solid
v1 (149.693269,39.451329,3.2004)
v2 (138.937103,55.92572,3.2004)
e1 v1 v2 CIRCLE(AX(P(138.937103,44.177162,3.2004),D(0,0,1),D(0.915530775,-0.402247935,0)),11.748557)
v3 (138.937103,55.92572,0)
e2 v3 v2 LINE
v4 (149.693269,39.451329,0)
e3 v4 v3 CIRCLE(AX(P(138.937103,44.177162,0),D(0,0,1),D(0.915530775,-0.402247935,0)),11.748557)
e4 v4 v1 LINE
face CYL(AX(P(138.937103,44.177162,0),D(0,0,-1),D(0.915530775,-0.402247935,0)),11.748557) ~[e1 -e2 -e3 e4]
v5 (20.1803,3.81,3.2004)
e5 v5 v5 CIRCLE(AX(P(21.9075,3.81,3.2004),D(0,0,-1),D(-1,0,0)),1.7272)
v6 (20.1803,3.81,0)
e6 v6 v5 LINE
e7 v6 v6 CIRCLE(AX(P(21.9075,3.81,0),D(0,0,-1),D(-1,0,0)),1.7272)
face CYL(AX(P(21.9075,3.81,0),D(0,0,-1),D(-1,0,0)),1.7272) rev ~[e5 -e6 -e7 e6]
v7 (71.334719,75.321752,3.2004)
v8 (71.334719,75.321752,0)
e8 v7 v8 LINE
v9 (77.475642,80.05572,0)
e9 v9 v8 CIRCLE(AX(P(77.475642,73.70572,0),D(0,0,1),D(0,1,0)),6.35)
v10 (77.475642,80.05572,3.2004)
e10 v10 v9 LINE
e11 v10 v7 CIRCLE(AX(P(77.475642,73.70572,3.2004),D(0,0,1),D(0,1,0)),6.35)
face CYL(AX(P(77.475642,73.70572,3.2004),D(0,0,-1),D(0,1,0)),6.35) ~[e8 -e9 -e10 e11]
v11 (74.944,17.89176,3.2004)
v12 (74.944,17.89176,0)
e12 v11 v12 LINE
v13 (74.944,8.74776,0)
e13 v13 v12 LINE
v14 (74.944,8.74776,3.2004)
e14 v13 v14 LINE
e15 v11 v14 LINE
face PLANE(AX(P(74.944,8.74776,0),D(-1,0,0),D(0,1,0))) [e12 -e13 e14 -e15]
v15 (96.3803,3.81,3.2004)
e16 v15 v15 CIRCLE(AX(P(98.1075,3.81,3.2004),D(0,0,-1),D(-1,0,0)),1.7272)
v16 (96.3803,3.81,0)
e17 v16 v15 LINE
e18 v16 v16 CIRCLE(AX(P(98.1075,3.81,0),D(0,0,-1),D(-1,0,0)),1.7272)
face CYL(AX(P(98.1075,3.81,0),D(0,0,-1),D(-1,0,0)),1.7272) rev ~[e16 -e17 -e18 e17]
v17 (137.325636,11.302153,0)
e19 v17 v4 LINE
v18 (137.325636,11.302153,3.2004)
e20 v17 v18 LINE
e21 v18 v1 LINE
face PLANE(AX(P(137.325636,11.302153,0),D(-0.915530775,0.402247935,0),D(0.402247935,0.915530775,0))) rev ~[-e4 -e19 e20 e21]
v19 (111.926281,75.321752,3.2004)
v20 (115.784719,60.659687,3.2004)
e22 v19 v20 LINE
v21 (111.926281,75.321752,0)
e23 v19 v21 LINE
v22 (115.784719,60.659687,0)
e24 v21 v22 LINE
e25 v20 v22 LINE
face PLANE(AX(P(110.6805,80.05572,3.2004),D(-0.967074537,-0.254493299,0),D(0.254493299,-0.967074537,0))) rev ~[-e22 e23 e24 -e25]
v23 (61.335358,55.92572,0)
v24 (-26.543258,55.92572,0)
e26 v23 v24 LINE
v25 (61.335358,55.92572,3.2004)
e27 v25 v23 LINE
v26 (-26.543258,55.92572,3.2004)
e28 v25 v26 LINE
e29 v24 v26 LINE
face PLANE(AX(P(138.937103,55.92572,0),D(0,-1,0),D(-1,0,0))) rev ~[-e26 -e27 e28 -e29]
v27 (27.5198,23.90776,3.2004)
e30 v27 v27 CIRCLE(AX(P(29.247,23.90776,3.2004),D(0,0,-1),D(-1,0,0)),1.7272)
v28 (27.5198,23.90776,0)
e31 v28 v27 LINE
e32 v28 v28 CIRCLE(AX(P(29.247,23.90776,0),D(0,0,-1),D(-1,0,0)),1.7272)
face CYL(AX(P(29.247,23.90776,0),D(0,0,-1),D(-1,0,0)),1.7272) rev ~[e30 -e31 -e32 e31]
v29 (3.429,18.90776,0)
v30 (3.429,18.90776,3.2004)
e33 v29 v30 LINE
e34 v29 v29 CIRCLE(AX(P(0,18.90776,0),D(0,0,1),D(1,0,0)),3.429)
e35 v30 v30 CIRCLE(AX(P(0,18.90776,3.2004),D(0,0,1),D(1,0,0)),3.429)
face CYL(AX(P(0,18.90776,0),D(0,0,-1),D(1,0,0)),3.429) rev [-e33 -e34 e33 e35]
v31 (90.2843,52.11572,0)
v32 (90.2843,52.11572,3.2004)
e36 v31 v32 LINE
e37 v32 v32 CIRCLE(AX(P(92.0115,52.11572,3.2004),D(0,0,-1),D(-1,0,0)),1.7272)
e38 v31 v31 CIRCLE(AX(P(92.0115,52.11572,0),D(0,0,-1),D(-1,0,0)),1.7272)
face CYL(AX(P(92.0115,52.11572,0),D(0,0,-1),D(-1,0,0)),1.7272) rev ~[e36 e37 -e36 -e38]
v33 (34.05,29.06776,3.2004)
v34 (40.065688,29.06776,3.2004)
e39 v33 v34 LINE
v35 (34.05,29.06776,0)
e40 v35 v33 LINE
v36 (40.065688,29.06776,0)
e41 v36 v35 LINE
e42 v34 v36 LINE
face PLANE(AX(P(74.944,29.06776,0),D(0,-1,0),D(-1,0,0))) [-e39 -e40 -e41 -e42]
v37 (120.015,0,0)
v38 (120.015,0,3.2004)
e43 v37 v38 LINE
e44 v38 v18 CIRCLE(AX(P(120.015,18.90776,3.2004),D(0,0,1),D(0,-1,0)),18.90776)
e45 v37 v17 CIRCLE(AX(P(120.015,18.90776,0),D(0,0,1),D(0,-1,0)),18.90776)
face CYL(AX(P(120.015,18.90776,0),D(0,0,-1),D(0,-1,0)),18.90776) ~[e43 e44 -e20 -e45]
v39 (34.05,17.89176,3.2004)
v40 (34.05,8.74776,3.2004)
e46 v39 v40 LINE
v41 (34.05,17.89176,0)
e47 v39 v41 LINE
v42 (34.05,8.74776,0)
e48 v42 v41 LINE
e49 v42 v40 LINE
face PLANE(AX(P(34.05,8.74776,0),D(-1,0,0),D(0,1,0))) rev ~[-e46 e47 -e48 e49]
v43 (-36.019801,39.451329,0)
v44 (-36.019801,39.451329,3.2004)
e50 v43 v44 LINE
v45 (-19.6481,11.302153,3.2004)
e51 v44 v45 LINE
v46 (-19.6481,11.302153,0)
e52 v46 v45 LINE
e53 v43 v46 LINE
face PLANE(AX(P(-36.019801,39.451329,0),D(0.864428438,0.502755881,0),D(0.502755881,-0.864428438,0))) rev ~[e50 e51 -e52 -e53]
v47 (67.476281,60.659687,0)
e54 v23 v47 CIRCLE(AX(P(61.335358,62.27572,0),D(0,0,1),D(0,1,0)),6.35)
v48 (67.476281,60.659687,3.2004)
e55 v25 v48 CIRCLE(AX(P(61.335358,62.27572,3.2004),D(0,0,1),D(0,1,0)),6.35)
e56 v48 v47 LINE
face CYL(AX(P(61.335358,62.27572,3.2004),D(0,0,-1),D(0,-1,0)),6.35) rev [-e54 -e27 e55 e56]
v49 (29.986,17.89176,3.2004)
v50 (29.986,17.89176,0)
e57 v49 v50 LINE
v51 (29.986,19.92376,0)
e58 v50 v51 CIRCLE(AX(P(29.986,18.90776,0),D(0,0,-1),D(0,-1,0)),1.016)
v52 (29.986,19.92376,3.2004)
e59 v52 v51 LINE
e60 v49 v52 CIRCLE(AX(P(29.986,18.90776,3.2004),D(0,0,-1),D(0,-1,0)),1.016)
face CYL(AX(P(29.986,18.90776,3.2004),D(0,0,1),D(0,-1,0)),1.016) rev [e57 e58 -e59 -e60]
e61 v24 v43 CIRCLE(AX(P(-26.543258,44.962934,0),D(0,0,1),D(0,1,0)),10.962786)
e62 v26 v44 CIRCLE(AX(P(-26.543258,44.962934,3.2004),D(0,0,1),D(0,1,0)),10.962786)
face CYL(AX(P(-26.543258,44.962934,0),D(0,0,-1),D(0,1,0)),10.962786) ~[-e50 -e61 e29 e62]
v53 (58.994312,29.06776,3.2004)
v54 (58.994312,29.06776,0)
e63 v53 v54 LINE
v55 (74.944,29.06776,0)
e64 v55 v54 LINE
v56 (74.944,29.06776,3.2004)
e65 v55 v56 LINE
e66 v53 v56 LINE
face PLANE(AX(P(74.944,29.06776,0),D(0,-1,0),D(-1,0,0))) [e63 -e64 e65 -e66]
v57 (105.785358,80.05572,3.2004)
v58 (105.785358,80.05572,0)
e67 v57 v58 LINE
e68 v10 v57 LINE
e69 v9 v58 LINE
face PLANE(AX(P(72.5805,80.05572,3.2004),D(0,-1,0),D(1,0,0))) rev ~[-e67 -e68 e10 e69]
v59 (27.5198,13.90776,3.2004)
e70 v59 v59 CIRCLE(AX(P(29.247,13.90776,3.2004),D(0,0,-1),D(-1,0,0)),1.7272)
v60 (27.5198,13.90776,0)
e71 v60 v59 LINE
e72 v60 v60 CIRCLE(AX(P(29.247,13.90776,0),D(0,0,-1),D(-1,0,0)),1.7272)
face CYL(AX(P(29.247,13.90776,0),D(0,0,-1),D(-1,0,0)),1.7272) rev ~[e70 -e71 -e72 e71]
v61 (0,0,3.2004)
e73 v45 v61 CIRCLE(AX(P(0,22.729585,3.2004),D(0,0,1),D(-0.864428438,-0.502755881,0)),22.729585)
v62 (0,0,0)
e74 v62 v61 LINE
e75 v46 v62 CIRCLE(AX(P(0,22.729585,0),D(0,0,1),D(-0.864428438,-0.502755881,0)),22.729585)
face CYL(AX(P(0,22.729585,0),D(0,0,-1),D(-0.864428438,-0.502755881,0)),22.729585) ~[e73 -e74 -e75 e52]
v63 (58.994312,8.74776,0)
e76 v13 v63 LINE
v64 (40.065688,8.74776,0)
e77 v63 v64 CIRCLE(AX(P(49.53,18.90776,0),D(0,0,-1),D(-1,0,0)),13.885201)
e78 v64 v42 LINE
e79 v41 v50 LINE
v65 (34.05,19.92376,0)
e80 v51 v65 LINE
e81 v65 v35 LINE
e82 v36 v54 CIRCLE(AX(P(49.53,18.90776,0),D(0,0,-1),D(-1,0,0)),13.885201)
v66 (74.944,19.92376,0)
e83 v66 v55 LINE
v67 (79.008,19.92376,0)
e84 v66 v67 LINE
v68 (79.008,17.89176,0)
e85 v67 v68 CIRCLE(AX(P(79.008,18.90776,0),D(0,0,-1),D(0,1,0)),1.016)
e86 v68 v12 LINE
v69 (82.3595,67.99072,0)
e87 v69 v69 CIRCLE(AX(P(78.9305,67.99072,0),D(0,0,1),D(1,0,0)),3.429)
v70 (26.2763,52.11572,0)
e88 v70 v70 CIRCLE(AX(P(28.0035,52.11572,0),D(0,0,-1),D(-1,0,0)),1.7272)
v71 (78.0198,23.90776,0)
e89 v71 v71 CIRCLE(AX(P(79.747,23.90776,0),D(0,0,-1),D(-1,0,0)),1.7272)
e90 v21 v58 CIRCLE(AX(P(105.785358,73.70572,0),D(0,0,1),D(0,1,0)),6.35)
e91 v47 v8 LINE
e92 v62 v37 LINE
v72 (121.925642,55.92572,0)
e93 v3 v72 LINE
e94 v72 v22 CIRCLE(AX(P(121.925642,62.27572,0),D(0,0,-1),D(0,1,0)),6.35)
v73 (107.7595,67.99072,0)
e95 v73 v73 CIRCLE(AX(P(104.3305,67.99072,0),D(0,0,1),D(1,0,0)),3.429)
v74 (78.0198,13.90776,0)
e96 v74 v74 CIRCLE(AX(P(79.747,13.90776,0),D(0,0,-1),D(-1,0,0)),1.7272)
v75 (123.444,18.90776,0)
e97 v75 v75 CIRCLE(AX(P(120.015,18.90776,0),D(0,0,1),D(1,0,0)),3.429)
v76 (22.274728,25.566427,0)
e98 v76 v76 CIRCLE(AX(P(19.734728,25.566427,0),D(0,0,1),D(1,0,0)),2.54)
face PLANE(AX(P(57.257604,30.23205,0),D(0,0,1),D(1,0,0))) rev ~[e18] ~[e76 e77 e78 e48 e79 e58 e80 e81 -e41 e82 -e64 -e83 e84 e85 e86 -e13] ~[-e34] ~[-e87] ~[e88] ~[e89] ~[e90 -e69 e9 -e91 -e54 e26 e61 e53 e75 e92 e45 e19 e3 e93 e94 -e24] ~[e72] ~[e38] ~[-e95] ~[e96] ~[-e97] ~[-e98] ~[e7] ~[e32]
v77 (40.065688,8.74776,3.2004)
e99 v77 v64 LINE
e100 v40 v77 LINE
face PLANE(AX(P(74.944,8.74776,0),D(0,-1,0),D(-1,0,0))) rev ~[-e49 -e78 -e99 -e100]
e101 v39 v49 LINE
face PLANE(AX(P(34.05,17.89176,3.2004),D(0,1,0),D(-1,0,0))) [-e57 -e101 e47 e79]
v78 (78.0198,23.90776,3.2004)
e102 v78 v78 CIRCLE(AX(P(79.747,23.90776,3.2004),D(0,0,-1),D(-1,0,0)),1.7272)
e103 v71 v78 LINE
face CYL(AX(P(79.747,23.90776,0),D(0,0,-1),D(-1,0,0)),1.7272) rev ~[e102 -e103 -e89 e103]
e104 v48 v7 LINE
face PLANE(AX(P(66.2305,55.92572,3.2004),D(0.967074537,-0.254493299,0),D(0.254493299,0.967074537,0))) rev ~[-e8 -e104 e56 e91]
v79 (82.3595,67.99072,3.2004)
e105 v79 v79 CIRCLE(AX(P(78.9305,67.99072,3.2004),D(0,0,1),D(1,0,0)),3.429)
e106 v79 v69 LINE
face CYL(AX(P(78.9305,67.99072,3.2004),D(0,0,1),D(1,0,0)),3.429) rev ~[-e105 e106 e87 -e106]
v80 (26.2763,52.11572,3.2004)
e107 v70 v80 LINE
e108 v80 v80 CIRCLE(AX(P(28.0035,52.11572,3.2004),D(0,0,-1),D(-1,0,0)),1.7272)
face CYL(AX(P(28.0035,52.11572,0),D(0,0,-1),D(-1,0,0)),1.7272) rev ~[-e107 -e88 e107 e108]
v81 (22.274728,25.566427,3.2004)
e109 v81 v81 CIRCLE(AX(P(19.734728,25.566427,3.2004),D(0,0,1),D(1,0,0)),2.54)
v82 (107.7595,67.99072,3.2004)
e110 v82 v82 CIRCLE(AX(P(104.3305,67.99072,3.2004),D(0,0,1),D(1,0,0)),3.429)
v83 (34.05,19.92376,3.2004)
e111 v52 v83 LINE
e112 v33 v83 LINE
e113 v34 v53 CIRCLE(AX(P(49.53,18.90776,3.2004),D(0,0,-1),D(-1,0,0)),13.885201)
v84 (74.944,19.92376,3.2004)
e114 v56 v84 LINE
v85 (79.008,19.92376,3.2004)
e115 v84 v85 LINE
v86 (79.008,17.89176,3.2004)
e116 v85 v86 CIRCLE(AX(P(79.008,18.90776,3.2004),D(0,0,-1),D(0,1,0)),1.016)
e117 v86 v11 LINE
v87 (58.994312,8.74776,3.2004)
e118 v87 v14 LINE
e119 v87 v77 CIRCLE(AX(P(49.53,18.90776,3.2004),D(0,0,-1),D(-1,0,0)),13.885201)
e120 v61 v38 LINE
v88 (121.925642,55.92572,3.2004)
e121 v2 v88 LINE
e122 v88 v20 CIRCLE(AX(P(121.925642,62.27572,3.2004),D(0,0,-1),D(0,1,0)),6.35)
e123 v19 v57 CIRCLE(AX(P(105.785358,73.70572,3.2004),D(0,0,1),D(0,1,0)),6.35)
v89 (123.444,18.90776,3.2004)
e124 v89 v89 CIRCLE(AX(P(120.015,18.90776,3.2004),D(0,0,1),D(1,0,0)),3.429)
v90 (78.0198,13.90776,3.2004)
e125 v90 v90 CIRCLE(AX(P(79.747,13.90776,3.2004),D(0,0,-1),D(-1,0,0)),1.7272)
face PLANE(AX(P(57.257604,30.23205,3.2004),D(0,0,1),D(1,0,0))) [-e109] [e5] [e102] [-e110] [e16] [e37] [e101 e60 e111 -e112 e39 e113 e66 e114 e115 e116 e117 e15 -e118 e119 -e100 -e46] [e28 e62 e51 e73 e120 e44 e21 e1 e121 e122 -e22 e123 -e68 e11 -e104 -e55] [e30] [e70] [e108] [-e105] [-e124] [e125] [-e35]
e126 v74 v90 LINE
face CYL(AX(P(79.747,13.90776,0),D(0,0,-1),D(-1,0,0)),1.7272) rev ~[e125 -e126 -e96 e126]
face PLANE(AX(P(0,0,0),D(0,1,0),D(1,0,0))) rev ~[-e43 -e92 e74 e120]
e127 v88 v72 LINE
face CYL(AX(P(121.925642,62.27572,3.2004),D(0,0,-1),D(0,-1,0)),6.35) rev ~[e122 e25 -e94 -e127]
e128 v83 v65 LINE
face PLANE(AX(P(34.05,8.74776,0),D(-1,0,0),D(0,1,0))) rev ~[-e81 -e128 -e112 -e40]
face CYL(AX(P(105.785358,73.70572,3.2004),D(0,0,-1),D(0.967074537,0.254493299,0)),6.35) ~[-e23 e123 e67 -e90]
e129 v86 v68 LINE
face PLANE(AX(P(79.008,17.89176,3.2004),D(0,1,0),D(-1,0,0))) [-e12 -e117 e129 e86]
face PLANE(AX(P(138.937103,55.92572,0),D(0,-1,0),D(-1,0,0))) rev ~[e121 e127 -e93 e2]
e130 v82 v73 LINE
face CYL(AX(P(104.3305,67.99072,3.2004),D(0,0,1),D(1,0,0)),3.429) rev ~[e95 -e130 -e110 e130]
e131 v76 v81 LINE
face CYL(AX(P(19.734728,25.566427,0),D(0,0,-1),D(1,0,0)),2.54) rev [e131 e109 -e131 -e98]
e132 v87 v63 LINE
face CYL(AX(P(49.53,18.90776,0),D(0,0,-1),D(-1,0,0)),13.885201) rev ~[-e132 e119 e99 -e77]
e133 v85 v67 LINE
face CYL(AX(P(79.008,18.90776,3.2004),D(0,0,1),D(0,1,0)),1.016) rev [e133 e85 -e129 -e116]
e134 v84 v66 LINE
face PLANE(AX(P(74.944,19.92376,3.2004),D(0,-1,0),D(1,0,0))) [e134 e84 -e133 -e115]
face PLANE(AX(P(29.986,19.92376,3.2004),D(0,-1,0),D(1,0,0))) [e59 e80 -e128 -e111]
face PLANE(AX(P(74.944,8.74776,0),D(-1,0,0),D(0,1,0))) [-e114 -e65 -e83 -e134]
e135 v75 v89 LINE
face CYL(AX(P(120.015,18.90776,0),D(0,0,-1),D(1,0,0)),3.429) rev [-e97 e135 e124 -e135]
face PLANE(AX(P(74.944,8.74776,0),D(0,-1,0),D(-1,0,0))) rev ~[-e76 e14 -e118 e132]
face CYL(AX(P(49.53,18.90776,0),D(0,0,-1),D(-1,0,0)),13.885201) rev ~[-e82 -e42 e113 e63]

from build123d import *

# Parameters (mm, degrees)
SKETCH1_R           = 3.429
SKETCH1_R_2         = 2.54
BOSS_EXTRUDE1_DEPTH = 3.2004
SKETCH2_R           = 1.7272
CUT_EXTRUDE1_DEPTH  = 3.2004
SKETCH5_R           = 1.7272
SKETCH5_W           = 40.894
SKETCH5_H           = 20.32
CUT_EXTRUDE3_DEPTH  = 4.2004
CUT_EXTRUDE4_DEPTH  = 3.2004
SKETCH9_R           = 13.885201093
CUT_EXTRUDE7_DEPTH  = 3.2004
SKETCH10_R          = 3.429
BOSS_EXTRUDE2_DEPTH = 3.2004
FILLET1_R           = 6.35


with BuildPart() as part:
    # Sketch1 → Boss-Extrude1 (new body)
    with BuildSketch(Plane.XY):
        with BuildLine():
            Line((0, 0), (120.015, 0))
            ThreePointArc((120.015, 0), (130.351788397, 3.075697789), (137.325636158, 11.302152593))
            Line((137.325636158, 11.302152593), (149.69326877, 39.451329485))
            ThreePointArc((149.69326877, 39.451329485), (148.774539583, 50.600046625), (138.937102863, 55.925719911))
            Line((138.937102863, 55.925719911), (-26.54325766, 55.925719911))
            ThreePointArc((-26.54325766, 55.925719911), (-36.046025914, 50.429200208), (-36.019801229, 39.451329485))
            Line((-36.019801229, 39.451329485), (-19.648099871, 11.302152593))
            ThreePointArc((-19.648099871, 11.302152593), (-11.333429333, 3.027112684), (0, 0))
        make_face()
        with Locations((120.015, 18.90776)):
            Circle(SKETCH1_R, mode=Mode.SUBTRACT)
        with Locations((0, 18.90776)):
            Circle(SKETCH1_R, mode=Mode.SUBTRACT)
        with Locations((19.734727626, 25.566426992)):
            Circle(SKETCH1_R_2, mode=Mode.SUBTRACT)
    extrude(amount=BOSS_EXTRUDE1_DEPTH)

    # Sketch2 → Cut-Extrude1 (cut)
    with BuildSketch(Plane(origin=(0, 0, 0), x_dir=(-1, 0, 0), z_dir=(0, 0, -1))):
        with Locations((-92.0115, 52.115719911)):
            Circle(SKETCH2_R)
        with Locations((-28.0035, 52.115719911)):
            Circle(SKETCH2_R)
        with Locations((-98.1075, 3.81)):
            Circle(SKETCH2_R)
        with Locations((-21.9075, 3.81)):
            Circle(SKETCH2_R)
    extrude(amount=-CUT_EXTRUDE1_DEPTH, mode=Mode.SUBTRACT)

    # Sketch5 → Cut-Extrude3 (cut, through all)
    with BuildSketch(Plane(origin=(0, 0, 0), x_dir=(-1, 0, 0), z_dir=(0, 0, -1))):
        with Locations((-79.746999972, 23.90776)):
            Circle(SKETCH5_R)
        with Locations((-29.246999972, 13.90776)):
            Circle(SKETCH5_R)
        with Locations((-29.246999972, 23.90776)):
            Circle(SKETCH5_R)
        with Locations((-79.746999972, 13.90776)):
            Circle(SKETCH5_R)
        with Locations((-54.496999972, 18.90776)):
            Rectangle(SKETCH5_W, SKETCH5_H)
    extrude(amount=-CUT_EXTRUDE3_DEPTH, mode=Mode.SUBTRACT)

    # Sketch6 → Cut-Extrude4 (cut)
    with BuildSketch(Plane.XY.offset(3.2004)):
        with BuildLine():
            Line((29.985999972, 19.92376), (34.049999972, 19.92376))
            Line((34.049999972, 19.92376), (34.049999972, 17.89176))
            Line((34.049999972, 17.89176), (29.985999972, 17.89176))
            ThreePointArc((29.985999972, 17.89176), (28.969999972, 18.90776), (29.985999972, 19.92376))
        make_face()
        with BuildLine():
            Line((74.943999972, 19.92376), (79.007999972, 19.92376))
            ThreePointArc((79.007999972, 19.92376), (80.023999972, 18.90776), (79.007999972, 17.89176))
            Line((79.007999972, 17.89176), (74.943999972, 17.89176))
            Line((74.943999972, 17.89176), (74.943999972, 19.92376))
        make_face()
    extrude(amount=-CUT_EXTRUDE4_DEPTH, mode=Mode.SUBTRACT)

    # Sketch9 → Cut-Extrude7 (cut)
    with BuildSketch(Plane(origin=(0, 0, 0), x_dir=(-1, 0, 0), z_dir=(0, 0, -1))):
        with Locations((-49.53, 18.90776)):
            Circle(SKETCH9_R)
    extrude(amount=-CUT_EXTRUDE7_DEPTH, mode=Mode.SUBTRACT)

    # Sketch10 → Boss-Extrude2 (add)
    with BuildSketch(Plane.XY.offset(3.2004)):
        Polygon((72.5805, 80.055719911), (110.6805, 80.055719911), (117.0305, 55.925719911), (66.2305, 55.925719911), align=None)
        with Locations((78.9305, 67.990719911)):
            Circle(SKETCH10_R, mode=Mode.SUBTRACT)
        with Locations((104.3305, 67.990719911)):
            Circle(SKETCH10_R, mode=Mode.SUBTRACT)
    extrude(amount=-BOSS_EXTRUDE2_DEPTH)

    # Fillet1
    fillet1_edges = [part.edges().sort_by_distance(p)[0] for p in [
        (117.0305, 55.925719911, 1.6002),
        (110.6805, 80.055719911, 1.6002),
        (72.5805, 80.055719911, 1.6002),
        (66.2305, 55.925719911, 1.6002),
    ]]
    fillet(fillet1_edges, radius=FILLET1_R)


solid = part.part
